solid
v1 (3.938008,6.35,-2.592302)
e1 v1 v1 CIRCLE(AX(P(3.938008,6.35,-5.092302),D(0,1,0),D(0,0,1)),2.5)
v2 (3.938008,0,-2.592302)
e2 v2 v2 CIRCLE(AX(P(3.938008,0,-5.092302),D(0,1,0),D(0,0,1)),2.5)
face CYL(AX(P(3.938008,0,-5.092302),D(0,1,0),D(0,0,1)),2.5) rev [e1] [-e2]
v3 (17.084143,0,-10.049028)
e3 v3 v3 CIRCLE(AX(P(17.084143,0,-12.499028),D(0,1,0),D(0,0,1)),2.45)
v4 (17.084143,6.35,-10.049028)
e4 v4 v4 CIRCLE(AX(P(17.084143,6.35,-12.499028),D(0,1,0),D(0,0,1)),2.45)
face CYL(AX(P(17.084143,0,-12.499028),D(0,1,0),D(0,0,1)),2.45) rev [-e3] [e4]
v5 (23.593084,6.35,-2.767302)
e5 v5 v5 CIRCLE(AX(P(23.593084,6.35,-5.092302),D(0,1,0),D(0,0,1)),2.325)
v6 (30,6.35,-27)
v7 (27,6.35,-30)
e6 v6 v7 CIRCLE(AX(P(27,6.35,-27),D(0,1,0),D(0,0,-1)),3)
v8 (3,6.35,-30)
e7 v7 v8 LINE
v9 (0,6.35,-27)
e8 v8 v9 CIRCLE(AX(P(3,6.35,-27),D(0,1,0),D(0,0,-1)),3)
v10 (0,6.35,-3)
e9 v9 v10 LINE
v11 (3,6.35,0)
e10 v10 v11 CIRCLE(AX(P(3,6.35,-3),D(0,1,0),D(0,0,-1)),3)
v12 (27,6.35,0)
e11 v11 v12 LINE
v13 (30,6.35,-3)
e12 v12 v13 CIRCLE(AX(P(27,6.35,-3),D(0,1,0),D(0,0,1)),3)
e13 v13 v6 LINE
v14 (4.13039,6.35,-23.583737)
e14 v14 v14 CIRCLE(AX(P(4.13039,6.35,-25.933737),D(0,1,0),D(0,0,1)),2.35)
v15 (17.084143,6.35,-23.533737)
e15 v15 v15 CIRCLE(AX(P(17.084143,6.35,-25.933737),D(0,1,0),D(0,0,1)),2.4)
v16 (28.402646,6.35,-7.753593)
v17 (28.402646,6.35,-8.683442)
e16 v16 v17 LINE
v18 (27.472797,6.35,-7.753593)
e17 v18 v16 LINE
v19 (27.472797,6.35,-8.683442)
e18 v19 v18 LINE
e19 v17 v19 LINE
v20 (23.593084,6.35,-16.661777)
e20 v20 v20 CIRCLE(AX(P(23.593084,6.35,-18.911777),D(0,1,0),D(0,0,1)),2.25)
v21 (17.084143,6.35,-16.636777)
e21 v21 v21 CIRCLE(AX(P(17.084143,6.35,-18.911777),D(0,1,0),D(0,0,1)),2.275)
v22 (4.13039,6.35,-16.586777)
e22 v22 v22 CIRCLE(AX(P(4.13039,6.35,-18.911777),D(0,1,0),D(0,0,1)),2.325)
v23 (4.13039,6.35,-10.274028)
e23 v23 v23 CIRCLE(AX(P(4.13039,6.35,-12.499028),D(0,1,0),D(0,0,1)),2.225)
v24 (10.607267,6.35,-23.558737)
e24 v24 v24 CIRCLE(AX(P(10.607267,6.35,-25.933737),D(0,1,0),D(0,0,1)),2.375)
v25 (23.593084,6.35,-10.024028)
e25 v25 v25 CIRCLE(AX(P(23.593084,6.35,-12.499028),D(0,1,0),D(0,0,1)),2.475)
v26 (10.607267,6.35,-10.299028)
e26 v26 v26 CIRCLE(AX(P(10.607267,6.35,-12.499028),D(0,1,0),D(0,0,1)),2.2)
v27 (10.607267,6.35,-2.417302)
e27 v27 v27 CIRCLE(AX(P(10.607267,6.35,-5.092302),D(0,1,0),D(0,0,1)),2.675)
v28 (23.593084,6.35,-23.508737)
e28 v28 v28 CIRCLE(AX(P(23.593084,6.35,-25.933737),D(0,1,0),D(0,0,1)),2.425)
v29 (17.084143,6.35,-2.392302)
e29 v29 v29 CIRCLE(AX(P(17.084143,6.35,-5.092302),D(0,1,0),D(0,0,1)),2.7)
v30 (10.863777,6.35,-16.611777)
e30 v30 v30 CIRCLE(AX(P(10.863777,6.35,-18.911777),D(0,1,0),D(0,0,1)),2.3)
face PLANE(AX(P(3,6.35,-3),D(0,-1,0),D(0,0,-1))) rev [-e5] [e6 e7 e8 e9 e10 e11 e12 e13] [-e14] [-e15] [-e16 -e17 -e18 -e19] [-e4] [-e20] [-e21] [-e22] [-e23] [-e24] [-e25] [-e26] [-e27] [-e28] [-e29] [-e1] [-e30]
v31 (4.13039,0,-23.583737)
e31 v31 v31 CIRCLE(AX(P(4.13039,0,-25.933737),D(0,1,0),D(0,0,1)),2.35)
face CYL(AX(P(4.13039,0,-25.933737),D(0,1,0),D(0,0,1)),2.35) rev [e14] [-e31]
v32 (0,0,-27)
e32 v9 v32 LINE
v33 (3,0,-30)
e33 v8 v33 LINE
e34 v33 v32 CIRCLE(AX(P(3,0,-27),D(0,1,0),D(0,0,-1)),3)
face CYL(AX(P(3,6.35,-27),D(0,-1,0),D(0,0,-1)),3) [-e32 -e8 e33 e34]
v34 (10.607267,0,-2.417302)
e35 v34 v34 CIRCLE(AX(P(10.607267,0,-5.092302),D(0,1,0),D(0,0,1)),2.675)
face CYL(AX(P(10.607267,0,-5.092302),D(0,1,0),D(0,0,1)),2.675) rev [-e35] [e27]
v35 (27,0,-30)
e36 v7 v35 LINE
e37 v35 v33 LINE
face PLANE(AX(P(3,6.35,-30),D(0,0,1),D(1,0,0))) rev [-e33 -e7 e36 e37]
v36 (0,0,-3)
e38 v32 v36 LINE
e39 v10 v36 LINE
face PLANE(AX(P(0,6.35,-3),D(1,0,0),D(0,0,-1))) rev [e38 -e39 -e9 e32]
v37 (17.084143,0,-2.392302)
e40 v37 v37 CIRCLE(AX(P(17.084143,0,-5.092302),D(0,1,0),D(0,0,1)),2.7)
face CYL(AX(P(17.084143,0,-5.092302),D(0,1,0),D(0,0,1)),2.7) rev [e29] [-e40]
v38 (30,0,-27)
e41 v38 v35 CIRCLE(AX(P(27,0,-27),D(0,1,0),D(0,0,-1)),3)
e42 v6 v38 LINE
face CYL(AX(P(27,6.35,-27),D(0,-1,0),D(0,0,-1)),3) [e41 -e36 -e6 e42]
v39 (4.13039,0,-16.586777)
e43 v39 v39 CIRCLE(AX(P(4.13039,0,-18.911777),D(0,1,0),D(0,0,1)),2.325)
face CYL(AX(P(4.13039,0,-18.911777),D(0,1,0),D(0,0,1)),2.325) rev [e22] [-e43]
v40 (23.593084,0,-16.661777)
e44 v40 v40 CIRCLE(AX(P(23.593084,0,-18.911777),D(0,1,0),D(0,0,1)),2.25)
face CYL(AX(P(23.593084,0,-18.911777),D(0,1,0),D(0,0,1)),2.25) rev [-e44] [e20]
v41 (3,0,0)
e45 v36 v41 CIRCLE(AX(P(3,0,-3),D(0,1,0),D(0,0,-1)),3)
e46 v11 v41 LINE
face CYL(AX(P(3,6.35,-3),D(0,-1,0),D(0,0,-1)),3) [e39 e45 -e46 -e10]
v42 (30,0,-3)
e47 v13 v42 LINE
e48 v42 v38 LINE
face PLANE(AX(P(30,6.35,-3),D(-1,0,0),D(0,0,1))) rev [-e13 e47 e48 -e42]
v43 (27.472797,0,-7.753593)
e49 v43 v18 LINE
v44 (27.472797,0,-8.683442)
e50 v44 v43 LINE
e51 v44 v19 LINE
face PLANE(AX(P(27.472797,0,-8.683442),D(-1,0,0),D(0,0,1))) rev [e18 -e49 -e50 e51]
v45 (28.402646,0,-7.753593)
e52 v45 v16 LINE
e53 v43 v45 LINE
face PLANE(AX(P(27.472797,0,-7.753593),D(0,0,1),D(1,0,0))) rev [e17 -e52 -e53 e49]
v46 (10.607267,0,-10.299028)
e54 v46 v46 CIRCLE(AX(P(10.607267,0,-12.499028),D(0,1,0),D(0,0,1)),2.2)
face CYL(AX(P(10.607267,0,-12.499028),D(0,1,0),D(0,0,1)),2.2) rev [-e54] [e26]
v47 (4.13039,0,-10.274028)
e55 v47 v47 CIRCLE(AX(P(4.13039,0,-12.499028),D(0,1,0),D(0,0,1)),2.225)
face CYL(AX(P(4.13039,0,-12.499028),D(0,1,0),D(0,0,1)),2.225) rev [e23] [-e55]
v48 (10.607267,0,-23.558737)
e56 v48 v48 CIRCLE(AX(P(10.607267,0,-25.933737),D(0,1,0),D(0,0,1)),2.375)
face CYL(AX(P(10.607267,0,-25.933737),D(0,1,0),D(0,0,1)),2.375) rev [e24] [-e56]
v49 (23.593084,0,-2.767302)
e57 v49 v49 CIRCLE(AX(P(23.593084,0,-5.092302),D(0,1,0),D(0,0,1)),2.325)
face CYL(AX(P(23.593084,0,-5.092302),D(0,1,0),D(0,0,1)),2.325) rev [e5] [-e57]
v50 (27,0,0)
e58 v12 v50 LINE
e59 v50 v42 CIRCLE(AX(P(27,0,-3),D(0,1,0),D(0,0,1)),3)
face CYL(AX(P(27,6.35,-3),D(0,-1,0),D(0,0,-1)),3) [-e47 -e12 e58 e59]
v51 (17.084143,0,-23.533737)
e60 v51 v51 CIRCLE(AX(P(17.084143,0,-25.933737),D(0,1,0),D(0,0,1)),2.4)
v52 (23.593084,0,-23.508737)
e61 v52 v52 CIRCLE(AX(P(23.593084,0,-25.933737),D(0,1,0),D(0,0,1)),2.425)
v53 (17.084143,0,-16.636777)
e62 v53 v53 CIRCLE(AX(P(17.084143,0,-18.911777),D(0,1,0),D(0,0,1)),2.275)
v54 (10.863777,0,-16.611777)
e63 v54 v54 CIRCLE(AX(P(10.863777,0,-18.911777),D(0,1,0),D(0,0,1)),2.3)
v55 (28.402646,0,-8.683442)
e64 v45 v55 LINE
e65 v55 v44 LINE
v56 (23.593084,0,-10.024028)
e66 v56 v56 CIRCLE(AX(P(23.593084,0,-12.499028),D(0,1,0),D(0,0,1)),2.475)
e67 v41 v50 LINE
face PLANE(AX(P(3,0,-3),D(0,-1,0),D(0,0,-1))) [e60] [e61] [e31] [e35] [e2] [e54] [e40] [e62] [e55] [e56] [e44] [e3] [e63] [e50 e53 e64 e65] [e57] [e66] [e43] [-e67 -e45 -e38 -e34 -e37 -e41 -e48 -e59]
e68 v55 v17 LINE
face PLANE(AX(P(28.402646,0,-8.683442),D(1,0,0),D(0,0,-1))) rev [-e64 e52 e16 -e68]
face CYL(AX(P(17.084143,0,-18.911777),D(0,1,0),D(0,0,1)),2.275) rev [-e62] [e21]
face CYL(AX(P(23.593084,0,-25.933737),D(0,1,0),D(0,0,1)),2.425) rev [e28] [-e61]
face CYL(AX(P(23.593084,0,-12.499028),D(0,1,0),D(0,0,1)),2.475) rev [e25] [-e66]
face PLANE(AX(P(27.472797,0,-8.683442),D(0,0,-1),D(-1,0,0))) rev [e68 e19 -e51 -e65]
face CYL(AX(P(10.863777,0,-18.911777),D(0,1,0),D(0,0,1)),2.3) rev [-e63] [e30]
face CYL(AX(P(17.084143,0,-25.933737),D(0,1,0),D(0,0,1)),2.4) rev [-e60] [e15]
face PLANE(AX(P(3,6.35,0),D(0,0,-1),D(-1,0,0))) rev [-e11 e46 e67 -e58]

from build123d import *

# Parameters (mm, degrees)
BOSS_EXTRUDE1_DEPTH = 6.35
SKETCH2_R           = 2.35
SKETCH2_R_2         = 2.4
SKETCH2_R_3         = 2.325
SKETCH2_R_4         = 2.275
SKETCH2_R_5         = 2.375
SKETCH2_R_6         = 2.425
SKETCH2_R_7         = 2.3
SKETCH2_R_8         = 2.25
SKETCH2_R_9         = 2.225
SKETCH2_R_10        = 2.2
SKETCH2_R_11        = 2.45
SKETCH2_R_12        = 2.475
SKETCH2_R_13        = 2.5
SKETCH2_R_14        = 2.675
SKETCH2_R_15        = 2.7
SKETCH2_W           = 0.929848637
SKETCH2_H           = 0.929848637
CUT_EXTRUDE1_DEPTH  = 6.35


with BuildPart() as part:
    # Sketch1 → Boss-Extrude1 (new body)
    with BuildSketch(Plane(origin=(0, 0, 0), x_dir=(1, 0, 0), z_dir=(0, 1, 0))):
        with BuildLine():
            Line((3, 0), (27, 0))
            ThreePointArc((27, 0), (29.121320344, 0.878679656), (30, 3))
            Line((30, 3), (30, 27))
            ThreePointArc((30, 27), (29.121320344, 29.121320344), (27, 30))
            Line((27, 30), (3, 30))
            ThreePointArc((3, 30), (0.878679656, 29.121320344), (0, 27))
            Line((0, 27), (0, 3))
            ThreePointArc((0, 3), (0.878679656, 0.878679656), (3, 0))
        make_face()
    extrude(amount=BOSS_EXTRUDE1_DEPTH)

    # Sketch2 → Cut-Extrude1 (cut)
    with BuildSketch(Plane(origin=(0, 6.35, 0), x_dir=(1, 0, 0), z_dir=(0, 1, 0))):
        with Locations(Location((4.130390075, 25.933737418, 0), (0, 0, 270))):
            Circle(SKETCH2_R)
        with Locations(Location((17.084143496, 25.933737418, 0), (0, 0, 270))):
            Circle(SKETCH2_R_2)
        with Locations(Location((4.130390075, 18.911777023, 0), (0, 0, 270))):
            Circle(SKETCH2_R_3)
        with Locations(Location((17.084143496, 18.911777023, 0), (0, 0, 270))):
            Circle(SKETCH2_R_4)
        with Locations(Location((10.607266785, 25.933737418, 0), (0, 0, 270))):
            Circle(SKETCH2_R_5)
        with Locations(Location((23.593083953, 25.933737418, 0), (0, 0, 270))):
            Circle(SKETCH2_R_6)
        with Locations(Location((10.863776754, 18.911777023, 0), (0, 0, 270))):
            Circle(SKETCH2_R_7)
        with Locations(Location((23.593083953, 18.911777023, 0), (0, 0, 270))):
            Circle(SKETCH2_R_8)
        with Locations(Location((4.130390075, 12.499027805, 0), (0, 0, 270))):
            Circle(SKETCH2_R_9)
        with Locations(Location((10.607266785, 12.499027805, 0), (0, 0, 270))):
            Circle(SKETCH2_R_10)
        with Locations(Location((17.084143496, 12.499027805, 0), (0, 0, 270))):
            Circle(SKETCH2_R_11)
        with Locations(Location((23.593083953, 12.499027805, 0), (0, 0, 270))):
            Circle(SKETCH2_R_12)
        with Locations(Location((3.938007598, 5.092302457, 0), (0, 0, 270))):
            Circle(SKETCH2_R_13)
        with Locations(Location((10.607266785, 5.092302457, 0), (0, 0, 270))):
            Circle(SKETCH2_R_14)
        with Locations(Location((17.084143496, 5.092302457, 0), (0, 0, 270))):
            Circle(SKETCH2_R_15)
        with Locations(Location((23.593083953, 5.092302457, 0), (0, 0, 270))):
            Circle(SKETCH2_R_3)
        with Locations((27.937721549, 8.218517702)):
            Rectangle(SKETCH2_W, SKETCH2_H)
    extrude(amount=-CUT_EXTRUDE1_DEPTH, mode=Mode.SUBTRACT)


solid = part.part
